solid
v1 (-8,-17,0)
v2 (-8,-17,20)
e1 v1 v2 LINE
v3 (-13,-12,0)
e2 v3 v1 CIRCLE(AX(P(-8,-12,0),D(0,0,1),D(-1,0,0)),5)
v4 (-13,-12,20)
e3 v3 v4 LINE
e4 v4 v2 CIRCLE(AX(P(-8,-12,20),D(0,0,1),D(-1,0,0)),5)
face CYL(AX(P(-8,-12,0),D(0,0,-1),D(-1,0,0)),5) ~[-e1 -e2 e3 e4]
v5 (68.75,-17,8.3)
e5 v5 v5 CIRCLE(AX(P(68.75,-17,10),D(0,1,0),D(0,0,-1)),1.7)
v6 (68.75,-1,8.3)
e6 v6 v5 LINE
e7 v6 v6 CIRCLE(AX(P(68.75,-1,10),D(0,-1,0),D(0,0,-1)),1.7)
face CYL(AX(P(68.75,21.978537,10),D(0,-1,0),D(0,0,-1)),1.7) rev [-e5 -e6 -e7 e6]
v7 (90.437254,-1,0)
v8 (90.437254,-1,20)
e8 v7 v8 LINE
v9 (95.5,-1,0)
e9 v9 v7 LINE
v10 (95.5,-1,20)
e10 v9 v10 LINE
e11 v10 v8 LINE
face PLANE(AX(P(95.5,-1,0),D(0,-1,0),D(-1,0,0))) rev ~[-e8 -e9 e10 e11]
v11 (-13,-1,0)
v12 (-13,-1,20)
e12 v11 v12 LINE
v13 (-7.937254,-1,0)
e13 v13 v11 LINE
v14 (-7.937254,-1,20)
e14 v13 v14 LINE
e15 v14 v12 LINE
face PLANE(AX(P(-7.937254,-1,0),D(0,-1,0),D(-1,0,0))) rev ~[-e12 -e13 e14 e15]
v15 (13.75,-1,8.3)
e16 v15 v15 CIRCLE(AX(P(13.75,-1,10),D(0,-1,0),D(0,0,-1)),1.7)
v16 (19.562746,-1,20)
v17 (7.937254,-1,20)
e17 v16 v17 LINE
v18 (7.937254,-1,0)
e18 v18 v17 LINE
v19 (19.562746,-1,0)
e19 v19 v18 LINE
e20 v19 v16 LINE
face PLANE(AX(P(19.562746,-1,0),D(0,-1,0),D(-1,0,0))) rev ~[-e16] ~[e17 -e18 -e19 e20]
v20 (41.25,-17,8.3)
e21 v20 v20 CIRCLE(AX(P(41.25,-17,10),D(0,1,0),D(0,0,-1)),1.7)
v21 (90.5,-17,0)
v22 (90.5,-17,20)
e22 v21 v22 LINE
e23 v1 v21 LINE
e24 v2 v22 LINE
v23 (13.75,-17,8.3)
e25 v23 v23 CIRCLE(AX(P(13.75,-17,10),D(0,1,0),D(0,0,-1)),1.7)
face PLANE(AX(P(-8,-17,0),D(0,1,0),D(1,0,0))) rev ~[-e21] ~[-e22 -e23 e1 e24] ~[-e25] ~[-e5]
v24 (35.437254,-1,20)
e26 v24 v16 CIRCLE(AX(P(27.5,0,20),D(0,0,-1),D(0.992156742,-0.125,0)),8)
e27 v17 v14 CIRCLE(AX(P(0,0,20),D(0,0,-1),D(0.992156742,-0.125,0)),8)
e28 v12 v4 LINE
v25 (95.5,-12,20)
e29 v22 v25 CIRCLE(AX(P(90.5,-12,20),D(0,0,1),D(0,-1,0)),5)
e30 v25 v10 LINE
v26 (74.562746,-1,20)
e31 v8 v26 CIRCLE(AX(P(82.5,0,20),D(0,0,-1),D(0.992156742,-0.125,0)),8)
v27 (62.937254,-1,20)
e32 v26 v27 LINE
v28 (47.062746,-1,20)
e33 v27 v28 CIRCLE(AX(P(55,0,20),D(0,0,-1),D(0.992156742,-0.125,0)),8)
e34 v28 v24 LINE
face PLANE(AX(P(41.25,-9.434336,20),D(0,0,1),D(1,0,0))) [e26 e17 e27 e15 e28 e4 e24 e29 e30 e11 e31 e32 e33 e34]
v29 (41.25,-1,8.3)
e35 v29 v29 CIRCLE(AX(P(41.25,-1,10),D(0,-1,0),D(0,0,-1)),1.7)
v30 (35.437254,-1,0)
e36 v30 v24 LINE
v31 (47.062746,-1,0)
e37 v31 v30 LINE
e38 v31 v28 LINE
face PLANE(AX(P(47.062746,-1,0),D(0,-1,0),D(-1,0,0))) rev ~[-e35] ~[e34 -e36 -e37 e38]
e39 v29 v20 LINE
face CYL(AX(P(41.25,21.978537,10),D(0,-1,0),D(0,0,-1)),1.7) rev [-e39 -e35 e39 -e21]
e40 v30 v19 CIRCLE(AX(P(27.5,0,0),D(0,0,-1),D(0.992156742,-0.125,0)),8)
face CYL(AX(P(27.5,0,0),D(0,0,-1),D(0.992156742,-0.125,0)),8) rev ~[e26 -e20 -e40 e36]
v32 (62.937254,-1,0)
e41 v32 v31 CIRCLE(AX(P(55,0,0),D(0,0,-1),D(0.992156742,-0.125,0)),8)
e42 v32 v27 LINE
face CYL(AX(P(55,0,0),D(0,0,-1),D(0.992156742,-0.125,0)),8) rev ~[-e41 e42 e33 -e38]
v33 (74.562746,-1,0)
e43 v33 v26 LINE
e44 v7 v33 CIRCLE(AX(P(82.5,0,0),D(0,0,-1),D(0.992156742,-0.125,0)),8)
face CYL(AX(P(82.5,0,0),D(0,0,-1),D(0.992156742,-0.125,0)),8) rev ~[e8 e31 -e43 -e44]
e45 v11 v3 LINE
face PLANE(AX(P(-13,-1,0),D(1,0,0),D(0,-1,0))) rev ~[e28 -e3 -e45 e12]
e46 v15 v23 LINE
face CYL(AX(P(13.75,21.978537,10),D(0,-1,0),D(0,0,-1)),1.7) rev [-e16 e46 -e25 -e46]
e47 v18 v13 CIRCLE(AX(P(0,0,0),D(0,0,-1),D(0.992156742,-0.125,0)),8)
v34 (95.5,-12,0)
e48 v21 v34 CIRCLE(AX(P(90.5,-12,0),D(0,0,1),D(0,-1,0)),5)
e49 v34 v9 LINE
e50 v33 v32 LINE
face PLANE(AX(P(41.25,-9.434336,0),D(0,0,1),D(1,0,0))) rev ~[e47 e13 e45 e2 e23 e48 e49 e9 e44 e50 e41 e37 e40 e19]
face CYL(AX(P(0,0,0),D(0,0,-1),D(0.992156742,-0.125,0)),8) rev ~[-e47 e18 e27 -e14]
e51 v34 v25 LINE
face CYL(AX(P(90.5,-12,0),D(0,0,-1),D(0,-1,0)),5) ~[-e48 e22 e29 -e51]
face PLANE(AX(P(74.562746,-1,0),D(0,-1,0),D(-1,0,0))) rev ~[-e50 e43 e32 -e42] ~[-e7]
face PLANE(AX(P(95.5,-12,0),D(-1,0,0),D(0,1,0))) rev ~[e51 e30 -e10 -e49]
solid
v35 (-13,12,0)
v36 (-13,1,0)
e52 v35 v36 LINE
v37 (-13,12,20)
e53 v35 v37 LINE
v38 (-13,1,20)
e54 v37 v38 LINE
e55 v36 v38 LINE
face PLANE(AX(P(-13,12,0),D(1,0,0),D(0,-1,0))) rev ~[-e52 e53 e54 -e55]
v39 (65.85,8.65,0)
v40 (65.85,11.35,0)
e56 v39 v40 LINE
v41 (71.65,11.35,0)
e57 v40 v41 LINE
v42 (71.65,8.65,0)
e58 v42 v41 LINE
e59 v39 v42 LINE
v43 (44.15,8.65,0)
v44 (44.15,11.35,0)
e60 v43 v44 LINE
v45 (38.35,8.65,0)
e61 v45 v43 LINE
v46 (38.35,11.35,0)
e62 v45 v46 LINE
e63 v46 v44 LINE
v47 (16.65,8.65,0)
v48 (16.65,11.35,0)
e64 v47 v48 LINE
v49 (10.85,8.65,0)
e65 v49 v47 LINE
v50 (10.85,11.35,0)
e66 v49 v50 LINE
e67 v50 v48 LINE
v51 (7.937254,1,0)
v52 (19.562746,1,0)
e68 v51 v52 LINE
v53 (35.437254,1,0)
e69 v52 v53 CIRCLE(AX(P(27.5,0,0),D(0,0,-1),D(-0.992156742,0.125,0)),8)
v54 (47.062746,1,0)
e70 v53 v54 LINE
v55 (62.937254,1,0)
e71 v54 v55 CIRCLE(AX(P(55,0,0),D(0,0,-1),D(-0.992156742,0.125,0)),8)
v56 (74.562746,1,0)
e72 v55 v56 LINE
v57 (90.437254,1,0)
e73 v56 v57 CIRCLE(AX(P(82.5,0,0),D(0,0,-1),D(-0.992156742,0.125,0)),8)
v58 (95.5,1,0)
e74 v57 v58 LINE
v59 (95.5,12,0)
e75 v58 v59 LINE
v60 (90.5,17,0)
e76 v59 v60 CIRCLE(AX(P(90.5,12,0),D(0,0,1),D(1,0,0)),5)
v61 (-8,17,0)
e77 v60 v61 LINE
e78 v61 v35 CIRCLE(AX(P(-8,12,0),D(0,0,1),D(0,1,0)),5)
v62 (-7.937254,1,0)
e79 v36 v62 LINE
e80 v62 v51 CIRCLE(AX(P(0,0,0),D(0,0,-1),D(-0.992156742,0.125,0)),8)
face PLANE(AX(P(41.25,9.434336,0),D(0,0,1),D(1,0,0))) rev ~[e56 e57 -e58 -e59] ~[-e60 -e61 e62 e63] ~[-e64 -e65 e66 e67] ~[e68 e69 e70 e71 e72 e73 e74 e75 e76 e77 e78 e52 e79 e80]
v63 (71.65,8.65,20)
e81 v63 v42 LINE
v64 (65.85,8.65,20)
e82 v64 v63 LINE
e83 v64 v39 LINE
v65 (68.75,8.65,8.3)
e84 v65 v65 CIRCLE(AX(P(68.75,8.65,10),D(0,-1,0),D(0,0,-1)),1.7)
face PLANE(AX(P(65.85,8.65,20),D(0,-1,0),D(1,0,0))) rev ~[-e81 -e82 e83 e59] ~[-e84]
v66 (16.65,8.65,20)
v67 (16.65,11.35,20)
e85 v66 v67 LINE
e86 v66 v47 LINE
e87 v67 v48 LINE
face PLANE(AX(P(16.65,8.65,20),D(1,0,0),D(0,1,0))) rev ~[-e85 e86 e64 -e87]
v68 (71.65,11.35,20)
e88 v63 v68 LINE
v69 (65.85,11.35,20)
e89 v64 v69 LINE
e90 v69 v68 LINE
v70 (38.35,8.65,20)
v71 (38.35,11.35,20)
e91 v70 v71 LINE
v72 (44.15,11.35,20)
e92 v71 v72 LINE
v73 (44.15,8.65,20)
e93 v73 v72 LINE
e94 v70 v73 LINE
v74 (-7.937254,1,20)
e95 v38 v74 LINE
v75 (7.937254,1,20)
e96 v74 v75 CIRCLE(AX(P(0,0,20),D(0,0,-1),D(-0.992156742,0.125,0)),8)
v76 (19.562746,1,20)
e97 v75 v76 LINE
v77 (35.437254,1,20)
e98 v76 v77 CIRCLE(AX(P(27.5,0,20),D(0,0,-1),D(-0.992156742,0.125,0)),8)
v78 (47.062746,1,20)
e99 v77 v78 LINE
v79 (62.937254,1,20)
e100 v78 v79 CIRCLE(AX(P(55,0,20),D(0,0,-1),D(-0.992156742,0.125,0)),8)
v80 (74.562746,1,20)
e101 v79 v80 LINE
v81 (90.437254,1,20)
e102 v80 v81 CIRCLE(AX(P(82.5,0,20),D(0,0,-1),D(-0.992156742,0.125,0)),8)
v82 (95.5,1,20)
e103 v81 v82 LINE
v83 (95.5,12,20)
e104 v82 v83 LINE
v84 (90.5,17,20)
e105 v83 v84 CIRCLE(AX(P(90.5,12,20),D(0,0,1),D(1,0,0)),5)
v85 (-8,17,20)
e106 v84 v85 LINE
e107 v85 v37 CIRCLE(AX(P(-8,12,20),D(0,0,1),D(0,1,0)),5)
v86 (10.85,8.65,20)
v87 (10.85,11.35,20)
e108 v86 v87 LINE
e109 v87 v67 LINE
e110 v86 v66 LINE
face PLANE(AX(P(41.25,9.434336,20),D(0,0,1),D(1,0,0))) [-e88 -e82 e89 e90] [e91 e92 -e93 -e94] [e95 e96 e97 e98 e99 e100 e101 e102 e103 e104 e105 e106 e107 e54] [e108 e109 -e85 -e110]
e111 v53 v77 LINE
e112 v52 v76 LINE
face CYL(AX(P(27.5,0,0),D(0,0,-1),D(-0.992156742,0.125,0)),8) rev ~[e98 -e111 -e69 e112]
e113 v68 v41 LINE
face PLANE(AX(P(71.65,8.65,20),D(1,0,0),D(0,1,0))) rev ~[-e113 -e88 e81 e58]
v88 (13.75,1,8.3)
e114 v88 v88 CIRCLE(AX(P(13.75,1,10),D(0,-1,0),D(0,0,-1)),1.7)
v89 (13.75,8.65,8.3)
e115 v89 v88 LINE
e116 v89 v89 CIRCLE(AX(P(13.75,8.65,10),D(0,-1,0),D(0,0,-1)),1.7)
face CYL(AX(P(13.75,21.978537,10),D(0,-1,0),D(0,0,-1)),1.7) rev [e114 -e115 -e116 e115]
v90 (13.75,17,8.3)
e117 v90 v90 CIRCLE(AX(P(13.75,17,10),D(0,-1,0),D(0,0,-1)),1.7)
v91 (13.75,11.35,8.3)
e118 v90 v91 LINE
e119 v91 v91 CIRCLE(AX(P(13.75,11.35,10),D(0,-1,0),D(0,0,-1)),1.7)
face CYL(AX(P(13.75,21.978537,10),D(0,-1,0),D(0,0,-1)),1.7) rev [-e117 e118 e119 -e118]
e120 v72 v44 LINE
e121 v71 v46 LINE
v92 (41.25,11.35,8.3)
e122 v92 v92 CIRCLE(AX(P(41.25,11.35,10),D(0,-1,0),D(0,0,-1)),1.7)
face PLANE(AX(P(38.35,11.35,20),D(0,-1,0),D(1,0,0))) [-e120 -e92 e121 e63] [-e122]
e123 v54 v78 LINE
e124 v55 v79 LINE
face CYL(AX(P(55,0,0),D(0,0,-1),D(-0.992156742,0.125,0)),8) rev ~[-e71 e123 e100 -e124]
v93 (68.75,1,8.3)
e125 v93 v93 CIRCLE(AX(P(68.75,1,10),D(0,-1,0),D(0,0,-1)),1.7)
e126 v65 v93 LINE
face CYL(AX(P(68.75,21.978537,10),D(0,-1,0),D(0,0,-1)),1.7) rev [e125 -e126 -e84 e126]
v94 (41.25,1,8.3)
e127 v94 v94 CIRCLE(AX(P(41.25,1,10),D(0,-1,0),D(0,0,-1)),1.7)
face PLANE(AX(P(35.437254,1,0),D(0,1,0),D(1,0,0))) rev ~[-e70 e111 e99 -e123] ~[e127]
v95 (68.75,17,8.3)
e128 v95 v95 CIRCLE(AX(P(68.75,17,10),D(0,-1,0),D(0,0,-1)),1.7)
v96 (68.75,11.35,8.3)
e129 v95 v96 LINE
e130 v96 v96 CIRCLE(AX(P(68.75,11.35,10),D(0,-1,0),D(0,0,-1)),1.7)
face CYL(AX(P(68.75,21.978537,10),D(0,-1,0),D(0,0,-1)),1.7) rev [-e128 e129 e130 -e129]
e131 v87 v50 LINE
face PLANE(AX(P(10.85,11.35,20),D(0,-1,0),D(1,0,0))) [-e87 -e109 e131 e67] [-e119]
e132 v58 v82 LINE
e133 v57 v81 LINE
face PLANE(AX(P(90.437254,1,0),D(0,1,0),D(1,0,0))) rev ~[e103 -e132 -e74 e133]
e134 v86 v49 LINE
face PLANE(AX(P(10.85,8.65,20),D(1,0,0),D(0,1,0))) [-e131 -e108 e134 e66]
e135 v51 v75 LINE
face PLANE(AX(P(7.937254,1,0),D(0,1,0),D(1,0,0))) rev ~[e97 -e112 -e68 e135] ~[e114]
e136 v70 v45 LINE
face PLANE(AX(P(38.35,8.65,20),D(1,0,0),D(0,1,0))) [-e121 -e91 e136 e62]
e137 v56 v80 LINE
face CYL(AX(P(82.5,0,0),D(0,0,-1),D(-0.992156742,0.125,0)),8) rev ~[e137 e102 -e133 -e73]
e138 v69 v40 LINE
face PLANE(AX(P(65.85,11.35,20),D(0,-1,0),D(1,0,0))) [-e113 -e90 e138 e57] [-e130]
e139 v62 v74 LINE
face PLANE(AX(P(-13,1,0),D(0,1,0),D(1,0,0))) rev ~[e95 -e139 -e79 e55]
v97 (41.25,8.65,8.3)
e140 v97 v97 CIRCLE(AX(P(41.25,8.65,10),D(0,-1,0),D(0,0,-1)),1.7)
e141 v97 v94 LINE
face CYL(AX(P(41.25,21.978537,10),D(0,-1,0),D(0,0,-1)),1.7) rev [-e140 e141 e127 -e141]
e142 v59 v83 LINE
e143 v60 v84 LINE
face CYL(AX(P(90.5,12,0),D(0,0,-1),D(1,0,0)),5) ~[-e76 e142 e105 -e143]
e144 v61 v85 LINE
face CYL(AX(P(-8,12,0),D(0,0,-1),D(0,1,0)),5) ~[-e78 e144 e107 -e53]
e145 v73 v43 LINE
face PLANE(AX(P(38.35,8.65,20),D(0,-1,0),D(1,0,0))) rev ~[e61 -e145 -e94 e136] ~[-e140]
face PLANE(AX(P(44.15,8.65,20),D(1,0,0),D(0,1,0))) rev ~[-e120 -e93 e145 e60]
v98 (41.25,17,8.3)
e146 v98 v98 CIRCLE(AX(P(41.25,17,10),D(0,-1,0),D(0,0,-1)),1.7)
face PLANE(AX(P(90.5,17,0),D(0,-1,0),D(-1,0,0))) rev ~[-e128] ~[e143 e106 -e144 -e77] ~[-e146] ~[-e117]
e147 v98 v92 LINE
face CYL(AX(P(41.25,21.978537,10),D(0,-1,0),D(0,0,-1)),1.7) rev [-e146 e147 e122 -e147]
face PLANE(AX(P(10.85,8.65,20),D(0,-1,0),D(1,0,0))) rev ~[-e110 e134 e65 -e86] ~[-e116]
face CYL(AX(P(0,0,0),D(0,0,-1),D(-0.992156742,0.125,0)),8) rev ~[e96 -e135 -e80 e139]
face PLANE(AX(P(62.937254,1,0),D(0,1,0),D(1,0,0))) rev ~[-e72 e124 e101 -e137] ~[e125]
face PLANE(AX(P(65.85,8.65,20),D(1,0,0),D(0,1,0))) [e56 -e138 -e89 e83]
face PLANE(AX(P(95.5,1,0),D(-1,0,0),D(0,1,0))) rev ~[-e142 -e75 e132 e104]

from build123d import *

# Parameters (mm, degrees)
ESTRUSIONE_ESTRUSIONE1_DEPTH   = 20
ESTRUSIONE_ESTRUSIONE1_2_DEPTH = 20
SCHIZZO2_W                     = 5.8
SCHIZZO2_H                     = 2.7
TAGLIO_ESTRUSIONE1_DEPTH       = 20
FORO_PER_VITE_M3_1_AT_2_COUNT  = 2
FORO_PER_VITE_M3_1_AT_2_PITCH  = 27.5
FORO_PER_VITE_M3_1_AT_3_COUNT  = 2
FORO_PER_VITE_M3_1_AT_3_PITCH  = 55


with BuildPart() as part:
    # Schizzo1 → Estrusione-Estrusione1 (new body)
    with BuildSketch(Plane.XY):
        with BuildLine():
            Line((90.5, 17), (-8, 17))
            ThreePointArc((-8, 17), (-11.535533906, 15.535533906), (-13, 12))
            Line((-13, 12), (-13, 1))
            Line((-13, 1), (-7.937253933, 1))
            ThreePointArc((-7.937253933, 1), (0, 8), (7.937253933, 1))
            Line((7.937253933, 1), (19.562746067, 1))
            ThreePointArc((19.562746067, 1), (27.5, 8), (35.437253933, 1))
            Line((35.437253933, 1), (47.062746067, 1))
            ThreePointArc((47.062746067, 1), (55, 8), (62.937253933, 1))
            Line((62.937253933, 1), (74.562746067, 1))
            ThreePointArc((74.562746067, 1), (82.5, 8), (90.437253933, 1))
            Line((90.437253933, 1), (95.5, 1))
            Line((95.5, 1), (95.5, 12))
            ThreePointArc((95.5, 12), (94.035533906, 15.535533906), (90.5, 17))
        make_face()
    extrude(amount=ESTRUSIONE_ESTRUSIONE1_DEPTH)

    # Schizzo2 → Taglio-Estrusione1 (cut)
    with BuildSketch(Plane.XY.offset(20)):
        with Locations((13.75, 10)):
            Rectangle(SCHIZZO2_W, SCHIZZO2_H)
        with Locations((41.25, 10)):
            Rectangle(SCHIZZO2_W, SCHIZZO2_H)
        with Locations((68.75, 10)):
            Rectangle(SCHIZZO2_W, SCHIZZO2_H)
    extrude(amount=-TAGLIO_ESTRUSIONE1_DEPTH, mode=Mode.SUBTRACT)


with BuildPart() as body_2:
    # Schizzo1 → Estrusione-Estrusione1 2 (new body)
    with BuildSketch(Plane.XY):
        with BuildLine():
            Line((-7.937253933, -1), (-13, -1))
            Line((-13, -1), (-13, -12))
            ThreePointArc((-13, -12), (-11.535533906, -15.535533906), (-8, -17))
            Line((-8, -17), (90.5, -17))
            ThreePointArc((90.5, -17), (94.035533906, -15.535533906), (95.5, -12))
            Line((95.5, -12), (95.5, -1))
            Line((95.5, -1), (90.437253933, -1))
            ThreePointArc((90.437253933, -1), (82.5, -8), (74.562746067, -1))
            Line((74.562746067, -1), (62.937253933, -1))
            ThreePointArc((62.937253933, -1), (55, -8), (47.062746067, -1))
            Line((47.062746067, -1), (35.437253933, -1))
            ThreePointArc((35.437253933, -1), (27.5, -8), (19.562746067, -1))
            Line((19.562746067, -1), (7.937253933, -1))
            ThreePointArc((7.937253933, -1), (0, -8), (-7.937253933, -1))
        make_face()
    extrude(amount=ESTRUSIONE_ESTRUSIONE1_2_DEPTH)


with BuildPart() as foro_per_vite_m3_1_tool:
    # Schizzo5 → Foro per Vite M3-1 (revolve)
    with BuildSketch(Plane(origin=(68.75, -17, 10), x_dir=(0, 0, -1), z_dir=(1, 0, 0))):
        Polygon((0, 0), (0, 40), (1.7, 38.978536948), (1.7, 0), align=None)
    foro_per_vite_m3_1 = revolve(axis=Axis((68.75, -23.35, 10), (0, 1, 0)))


with BuildPart() as part_1:
    add(part.part)

    # Foro per Vite M3-1: cut by foro_per_vite_m3_1_tool
    add(foro_per_vite_m3_1_tool.part, mode=Mode.SUBTRACT)


with BuildPart() as body_2_1:
    add(body_2.part)

    # Foro per Vite M3-1: cut by foro_per_vite_m3_1_tool
    add(foro_per_vite_m3_1_tool.part, mode=Mode.SUBTRACT)


with BuildPart() as foro_per_vite_m3_1_at_2_tool:
    # Foro per Vite M3-1 at 2: Foro per Vite M3-1 ×2
    with Locations(*[(-i * FORO_PER_VITE_M3_1_AT_2_PITCH, 0, 0) for i in range(1, FORO_PER_VITE_M3_1_AT_2_COUNT)]):
        add(foro_per_vite_m3_1)


with BuildPart() as part_2:
    add(part_1.part)

    # Foro per Vite M3-1 at 2: cut by foro_per_vite_m3_1_at_2_tool
    add(foro_per_vite_m3_1_at_2_tool.part, mode=Mode.SUBTRACT)


with BuildPart() as body_2_2:
    add(body_2_1.part)

    # Foro per Vite M3-1 at 2: cut by foro_per_vite_m3_1_at_2_tool
    add(foro_per_vite_m3_1_at_2_tool.part, mode=Mode.SUBTRACT)


with BuildPart() as foro_per_vite_m3_1_at_3_tool:
    # Foro per Vite M3-1 at 3: Foro per Vite M3-1 ×2
    with Locations(*[(-i * FORO_PER_VITE_M3_1_AT_3_PITCH, 0, 0) for i in range(1, FORO_PER_VITE_M3_1_AT_3_COUNT)]):
        add(foro_per_vite_m3_1)


with BuildPart() as part_3:
    add(part_2.part)

    # Foro per Vite M3-1 at 3: cut by foro_per_vite_m3_1_at_3_tool
    add(foro_per_vite_m3_1_at_3_tool.part, mode=Mode.SUBTRACT)


with BuildPart() as body_2_3:
    add(body_2_2.part)

    # Foro per Vite M3-1 at 3: cut by foro_per_vite_m3_1_at_3_tool
    add(foro_per_vite_m3_1_at_3_tool.part, mode=Mode.SUBTRACT)


solid = Compound([part_3.part, body_2_3.part])
